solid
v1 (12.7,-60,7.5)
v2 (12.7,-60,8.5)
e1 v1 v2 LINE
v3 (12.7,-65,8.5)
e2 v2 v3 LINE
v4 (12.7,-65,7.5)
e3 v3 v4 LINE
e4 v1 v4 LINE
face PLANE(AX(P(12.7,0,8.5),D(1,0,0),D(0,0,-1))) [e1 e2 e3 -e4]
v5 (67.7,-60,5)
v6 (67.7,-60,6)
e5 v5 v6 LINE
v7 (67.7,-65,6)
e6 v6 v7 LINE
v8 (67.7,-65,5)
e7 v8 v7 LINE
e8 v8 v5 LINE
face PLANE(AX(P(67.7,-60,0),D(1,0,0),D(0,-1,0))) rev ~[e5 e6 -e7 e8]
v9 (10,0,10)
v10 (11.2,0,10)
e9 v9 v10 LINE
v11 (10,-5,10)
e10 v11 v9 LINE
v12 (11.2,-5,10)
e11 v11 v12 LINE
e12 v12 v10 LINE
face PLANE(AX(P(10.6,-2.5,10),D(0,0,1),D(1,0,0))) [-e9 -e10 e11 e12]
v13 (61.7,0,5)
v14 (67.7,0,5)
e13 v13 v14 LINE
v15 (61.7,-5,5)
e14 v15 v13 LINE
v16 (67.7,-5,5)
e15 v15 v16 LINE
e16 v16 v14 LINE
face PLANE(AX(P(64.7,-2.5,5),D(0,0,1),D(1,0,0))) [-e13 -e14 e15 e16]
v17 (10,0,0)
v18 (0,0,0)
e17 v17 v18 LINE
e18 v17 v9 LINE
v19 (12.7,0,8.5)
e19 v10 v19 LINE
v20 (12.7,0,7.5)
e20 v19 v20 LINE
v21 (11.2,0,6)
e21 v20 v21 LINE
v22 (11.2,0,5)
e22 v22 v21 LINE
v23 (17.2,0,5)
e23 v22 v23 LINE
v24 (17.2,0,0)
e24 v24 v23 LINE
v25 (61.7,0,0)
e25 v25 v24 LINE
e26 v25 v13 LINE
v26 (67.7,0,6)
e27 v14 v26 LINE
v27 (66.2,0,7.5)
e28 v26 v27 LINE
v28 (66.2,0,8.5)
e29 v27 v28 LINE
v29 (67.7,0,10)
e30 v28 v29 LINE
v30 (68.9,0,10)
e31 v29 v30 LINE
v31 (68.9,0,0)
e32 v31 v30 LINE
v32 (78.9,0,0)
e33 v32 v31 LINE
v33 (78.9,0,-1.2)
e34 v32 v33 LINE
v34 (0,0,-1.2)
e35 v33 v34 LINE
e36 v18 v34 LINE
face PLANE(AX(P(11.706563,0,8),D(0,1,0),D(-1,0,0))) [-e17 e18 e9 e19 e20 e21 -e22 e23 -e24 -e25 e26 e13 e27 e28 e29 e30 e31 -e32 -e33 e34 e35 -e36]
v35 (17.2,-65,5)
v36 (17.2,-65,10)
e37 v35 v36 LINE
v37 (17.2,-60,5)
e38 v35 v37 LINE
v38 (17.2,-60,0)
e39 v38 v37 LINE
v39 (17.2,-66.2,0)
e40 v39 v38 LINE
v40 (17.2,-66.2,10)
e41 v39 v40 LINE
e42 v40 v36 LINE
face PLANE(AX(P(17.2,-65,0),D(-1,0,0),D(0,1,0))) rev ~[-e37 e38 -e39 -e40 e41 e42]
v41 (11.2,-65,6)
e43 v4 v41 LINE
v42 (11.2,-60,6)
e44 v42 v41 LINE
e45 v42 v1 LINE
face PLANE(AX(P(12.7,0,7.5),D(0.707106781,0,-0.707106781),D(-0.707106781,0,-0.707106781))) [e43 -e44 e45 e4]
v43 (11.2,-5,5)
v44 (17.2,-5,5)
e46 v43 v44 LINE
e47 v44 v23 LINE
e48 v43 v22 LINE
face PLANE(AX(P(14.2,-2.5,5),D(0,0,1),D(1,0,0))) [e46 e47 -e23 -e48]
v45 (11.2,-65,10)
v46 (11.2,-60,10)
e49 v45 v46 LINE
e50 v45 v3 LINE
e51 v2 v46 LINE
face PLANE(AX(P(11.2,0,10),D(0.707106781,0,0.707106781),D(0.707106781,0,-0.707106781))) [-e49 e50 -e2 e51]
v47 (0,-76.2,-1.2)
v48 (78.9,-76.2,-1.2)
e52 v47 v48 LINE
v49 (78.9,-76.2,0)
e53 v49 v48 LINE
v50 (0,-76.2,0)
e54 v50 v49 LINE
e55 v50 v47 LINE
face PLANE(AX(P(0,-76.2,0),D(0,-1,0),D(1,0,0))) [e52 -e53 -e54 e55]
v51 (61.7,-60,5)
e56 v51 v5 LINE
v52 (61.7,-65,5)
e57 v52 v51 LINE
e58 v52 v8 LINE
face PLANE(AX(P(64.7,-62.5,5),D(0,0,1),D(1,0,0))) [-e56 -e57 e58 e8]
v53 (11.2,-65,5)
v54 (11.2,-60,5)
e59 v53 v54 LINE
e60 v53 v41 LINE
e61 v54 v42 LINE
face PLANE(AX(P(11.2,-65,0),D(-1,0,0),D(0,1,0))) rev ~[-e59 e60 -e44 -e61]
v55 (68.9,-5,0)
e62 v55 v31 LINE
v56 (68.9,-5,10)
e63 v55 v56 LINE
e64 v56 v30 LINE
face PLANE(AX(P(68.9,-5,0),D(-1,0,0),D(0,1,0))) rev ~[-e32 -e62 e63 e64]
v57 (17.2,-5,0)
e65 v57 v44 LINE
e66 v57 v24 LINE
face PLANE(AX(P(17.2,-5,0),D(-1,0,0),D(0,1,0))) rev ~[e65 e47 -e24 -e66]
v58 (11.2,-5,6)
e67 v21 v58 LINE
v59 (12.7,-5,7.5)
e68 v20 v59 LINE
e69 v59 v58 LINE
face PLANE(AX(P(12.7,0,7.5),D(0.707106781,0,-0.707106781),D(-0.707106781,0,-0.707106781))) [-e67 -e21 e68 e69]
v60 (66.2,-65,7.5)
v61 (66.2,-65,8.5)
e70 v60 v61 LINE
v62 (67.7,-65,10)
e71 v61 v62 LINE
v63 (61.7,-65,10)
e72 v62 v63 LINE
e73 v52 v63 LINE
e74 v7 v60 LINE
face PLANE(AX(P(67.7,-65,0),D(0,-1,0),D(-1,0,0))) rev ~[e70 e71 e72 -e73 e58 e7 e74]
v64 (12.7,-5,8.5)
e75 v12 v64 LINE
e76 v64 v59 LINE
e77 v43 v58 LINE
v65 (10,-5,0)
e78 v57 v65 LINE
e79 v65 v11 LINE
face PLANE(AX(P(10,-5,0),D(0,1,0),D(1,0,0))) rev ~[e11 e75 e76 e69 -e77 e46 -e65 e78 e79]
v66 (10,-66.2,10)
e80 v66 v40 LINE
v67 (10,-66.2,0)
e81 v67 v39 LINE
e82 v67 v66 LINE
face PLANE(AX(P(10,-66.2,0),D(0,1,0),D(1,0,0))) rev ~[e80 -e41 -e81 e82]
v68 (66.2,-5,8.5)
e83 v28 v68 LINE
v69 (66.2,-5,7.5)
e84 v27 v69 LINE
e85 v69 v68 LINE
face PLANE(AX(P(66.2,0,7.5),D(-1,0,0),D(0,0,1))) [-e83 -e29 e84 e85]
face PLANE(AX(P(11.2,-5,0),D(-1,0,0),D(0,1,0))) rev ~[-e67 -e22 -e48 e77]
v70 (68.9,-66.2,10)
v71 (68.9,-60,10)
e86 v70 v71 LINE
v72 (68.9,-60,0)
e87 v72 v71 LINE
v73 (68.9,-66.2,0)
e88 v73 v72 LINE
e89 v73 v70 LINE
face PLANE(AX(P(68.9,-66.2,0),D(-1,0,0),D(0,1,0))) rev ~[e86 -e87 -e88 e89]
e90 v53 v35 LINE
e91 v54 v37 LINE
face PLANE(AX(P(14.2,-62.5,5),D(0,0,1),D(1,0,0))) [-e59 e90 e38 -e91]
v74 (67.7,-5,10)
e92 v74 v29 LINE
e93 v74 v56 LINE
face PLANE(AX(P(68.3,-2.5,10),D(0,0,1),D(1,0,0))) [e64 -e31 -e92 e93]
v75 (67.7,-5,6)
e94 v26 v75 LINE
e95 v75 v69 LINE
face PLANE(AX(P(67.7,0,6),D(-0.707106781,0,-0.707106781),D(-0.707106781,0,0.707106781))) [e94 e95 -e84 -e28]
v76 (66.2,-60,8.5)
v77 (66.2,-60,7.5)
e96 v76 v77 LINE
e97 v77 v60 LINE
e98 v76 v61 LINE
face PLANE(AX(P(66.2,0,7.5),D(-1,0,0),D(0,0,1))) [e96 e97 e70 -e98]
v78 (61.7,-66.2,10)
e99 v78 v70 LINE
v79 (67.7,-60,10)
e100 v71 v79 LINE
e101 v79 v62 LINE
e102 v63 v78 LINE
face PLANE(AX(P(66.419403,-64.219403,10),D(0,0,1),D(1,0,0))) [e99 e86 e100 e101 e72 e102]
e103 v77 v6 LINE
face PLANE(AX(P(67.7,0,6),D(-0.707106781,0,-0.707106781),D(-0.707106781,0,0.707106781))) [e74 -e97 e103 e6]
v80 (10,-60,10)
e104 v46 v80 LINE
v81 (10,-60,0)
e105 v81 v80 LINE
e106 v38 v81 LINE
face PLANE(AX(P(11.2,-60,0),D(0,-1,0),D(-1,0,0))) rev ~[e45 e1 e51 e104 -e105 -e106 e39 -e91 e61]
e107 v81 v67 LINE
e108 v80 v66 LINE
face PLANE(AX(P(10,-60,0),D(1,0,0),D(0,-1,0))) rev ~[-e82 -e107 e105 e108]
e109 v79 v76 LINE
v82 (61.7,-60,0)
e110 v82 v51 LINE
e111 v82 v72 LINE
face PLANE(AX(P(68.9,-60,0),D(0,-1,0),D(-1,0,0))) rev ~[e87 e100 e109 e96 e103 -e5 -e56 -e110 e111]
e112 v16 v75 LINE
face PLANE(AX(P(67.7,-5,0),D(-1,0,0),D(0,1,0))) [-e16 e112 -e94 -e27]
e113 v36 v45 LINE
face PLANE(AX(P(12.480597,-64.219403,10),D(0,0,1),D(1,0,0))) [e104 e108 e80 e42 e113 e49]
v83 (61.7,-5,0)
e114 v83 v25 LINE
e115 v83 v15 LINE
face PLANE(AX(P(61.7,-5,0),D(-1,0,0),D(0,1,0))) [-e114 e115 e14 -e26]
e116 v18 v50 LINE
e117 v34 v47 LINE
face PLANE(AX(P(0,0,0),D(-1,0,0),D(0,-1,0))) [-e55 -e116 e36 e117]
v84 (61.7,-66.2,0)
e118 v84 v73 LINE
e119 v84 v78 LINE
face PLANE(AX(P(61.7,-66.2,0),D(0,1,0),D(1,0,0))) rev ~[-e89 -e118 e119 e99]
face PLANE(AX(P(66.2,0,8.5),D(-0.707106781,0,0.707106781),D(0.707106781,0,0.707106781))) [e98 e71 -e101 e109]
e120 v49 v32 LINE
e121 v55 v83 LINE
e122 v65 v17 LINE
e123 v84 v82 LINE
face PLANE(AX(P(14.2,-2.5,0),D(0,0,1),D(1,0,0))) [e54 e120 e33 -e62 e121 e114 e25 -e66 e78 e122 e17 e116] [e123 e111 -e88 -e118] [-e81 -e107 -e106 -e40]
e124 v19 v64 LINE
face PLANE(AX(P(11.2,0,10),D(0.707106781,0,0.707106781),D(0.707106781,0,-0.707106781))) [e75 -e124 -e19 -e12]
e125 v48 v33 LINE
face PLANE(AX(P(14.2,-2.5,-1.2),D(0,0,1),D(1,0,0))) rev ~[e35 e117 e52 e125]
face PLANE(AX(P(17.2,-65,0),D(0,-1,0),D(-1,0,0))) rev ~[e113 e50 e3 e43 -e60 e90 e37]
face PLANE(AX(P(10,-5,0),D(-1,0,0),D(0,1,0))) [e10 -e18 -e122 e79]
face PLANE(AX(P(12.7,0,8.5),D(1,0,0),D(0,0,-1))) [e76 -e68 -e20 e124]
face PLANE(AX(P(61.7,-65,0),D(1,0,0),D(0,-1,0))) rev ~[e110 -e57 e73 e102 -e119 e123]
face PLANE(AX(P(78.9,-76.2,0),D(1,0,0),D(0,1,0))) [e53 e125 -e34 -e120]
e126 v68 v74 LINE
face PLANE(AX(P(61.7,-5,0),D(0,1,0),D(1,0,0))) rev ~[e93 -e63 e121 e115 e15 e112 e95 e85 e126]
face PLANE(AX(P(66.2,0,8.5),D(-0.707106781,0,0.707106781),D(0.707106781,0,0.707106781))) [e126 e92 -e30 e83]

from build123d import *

# Parameters (mm, degrees)
F0_W     = 6
F0_H     = 5
F0_W_2   = 1.2
F1_DEPTH = 1.2
F2_DEPTH = 5
F3_DEPTH = 10
F5_DEPTH = 65
F6_DEPTH = 10


with BuildPart() as f1:
    # F0 (on Top) → F1 (new body)
    with BuildSketch(Plane.XY):
        with Locations((14.2, -2.5)):
            Rectangle(F0_W, F0_H)
        with Locations((10.6, -2.5)):
            Rectangle(F0_W_2, F0_H)
        Polygon((10, 0), (0, 0), (0, -76.2), (78.9, -76.2), (78.9, 0), (68.9, 0), (68.9, -5), (67.7, -5), (61.7, -5), (61.7, 0), (17.2, 0), (17.2, -5), (11.2, -5), (10, -5), align=None)
        Polygon((10, -60), (11.2, -60), (17.2, -60), (17.2, -65), (17.2, -66.2), (10, -66.2), align=None, mode=Mode.SUBTRACT)
        Polygon((61.7, -65), (61.7, -60), (67.7, -60), (68.9, -60), (68.9, -66.2), (61.7, -66.2), align=None, mode=Mode.SUBTRACT)
        with Locations((64.7, -2.5)):
            Rectangle(F0_W, F0_H)
        with Locations((68.3, -2.5)):
            Rectangle(F0_W_2, F0_H)
        with Locations((64.7, -62.5)):
            Rectangle(F0_W, F0_H)
        Polygon((68.9, -60), (67.7, -60), (67.7, -65), (61.7, -65), (61.7, -66.2), (68.9, -66.2), align=None)
        with Locations((14.2, -62.5)):
            Rectangle(F0_W, F0_H)
        Polygon((11.2, -65), (11.2, -60), (10, -60), (10, -66.2), (17.2, -66.2), (17.2, -65), align=None)
    extrude(amount=-F1_DEPTH)

    # F0 (on Top) → F2 (join)
    with BuildSketch(Plane.XY):
        with Locations((14.2, -2.5)):
            Rectangle(F0_W, F0_H)
        with Locations((14.2, -62.5)):
            Rectangle(F0_W, F0_H)
        with Locations((64.7, -2.5)):
            Rectangle(F0_W, F0_H)
        with Locations((64.7, -62.5)):
            Rectangle(F0_W, F0_H)
    extrude(amount=F2_DEPTH)

    # F0 (on Top) → F3 (join)
    with BuildSketch(Plane.XY):
        Polygon((11.2, -65), (11.2, -60), (10, -60), (10, -66.2), (17.2, -66.2), (17.2, -65), align=None)
        Polygon((68.9, -60), (67.7, -60), (67.7, -65), (61.7, -65), (61.7, -66.2), (68.9, -66.2), align=None)
        with Locations((68.3, -2.5)):
            Rectangle(F0_W_2, F0_H)
        with Locations((10.6, -2.5)):
            Rectangle(F0_W_2, F0_H)
    extrude(amount=F3_DEPTH)

    # F4 (on face) → F5 (join, through all)
    with BuildSketch(Plane(origin=(0, 0, 0), x_dir=(-1, 0, 0), z_dir=(0, 1, 0))):
        Polygon((-11.2, 6), (-11.2, 10), (-12.7, 8.5), (-12.7, 7.5), align=None)
        Polygon((-66.2, 7.5), (-66.2, 8.5), (-67.7, 10), (-67.7, 6), align=None)
    extrude(amount=-F5_DEPTH)

    # F0 (on Top) → F6 (cut, through all)
    with BuildSketch(Plane.XY):
        Polygon((10, 0), (0, 0), (0, -76.2), (78.9, -76.2), (78.9, 0), (68.9, 0), (68.9, -5), (67.7, -5), (61.7, -5), (61.7, 0), (17.2, 0), (17.2, -5), (11.2, -5), (10, -5), align=None)
        Polygon((10, -60), (11.2, -60), (17.2, -60), (17.2, -65), (17.2, -66.2), (10, -66.2), align=None, mode=Mode.SUBTRACT)
        Polygon((61.7, -65), (61.7, -60), (67.7, -60), (68.9, -60), (68.9, -66.2), (61.7, -66.2), align=None, mode=Mode.SUBTRACT)
    extrude(amount=F6_DEPTH, mode=Mode.SUBTRACT)


solid = f1.part
